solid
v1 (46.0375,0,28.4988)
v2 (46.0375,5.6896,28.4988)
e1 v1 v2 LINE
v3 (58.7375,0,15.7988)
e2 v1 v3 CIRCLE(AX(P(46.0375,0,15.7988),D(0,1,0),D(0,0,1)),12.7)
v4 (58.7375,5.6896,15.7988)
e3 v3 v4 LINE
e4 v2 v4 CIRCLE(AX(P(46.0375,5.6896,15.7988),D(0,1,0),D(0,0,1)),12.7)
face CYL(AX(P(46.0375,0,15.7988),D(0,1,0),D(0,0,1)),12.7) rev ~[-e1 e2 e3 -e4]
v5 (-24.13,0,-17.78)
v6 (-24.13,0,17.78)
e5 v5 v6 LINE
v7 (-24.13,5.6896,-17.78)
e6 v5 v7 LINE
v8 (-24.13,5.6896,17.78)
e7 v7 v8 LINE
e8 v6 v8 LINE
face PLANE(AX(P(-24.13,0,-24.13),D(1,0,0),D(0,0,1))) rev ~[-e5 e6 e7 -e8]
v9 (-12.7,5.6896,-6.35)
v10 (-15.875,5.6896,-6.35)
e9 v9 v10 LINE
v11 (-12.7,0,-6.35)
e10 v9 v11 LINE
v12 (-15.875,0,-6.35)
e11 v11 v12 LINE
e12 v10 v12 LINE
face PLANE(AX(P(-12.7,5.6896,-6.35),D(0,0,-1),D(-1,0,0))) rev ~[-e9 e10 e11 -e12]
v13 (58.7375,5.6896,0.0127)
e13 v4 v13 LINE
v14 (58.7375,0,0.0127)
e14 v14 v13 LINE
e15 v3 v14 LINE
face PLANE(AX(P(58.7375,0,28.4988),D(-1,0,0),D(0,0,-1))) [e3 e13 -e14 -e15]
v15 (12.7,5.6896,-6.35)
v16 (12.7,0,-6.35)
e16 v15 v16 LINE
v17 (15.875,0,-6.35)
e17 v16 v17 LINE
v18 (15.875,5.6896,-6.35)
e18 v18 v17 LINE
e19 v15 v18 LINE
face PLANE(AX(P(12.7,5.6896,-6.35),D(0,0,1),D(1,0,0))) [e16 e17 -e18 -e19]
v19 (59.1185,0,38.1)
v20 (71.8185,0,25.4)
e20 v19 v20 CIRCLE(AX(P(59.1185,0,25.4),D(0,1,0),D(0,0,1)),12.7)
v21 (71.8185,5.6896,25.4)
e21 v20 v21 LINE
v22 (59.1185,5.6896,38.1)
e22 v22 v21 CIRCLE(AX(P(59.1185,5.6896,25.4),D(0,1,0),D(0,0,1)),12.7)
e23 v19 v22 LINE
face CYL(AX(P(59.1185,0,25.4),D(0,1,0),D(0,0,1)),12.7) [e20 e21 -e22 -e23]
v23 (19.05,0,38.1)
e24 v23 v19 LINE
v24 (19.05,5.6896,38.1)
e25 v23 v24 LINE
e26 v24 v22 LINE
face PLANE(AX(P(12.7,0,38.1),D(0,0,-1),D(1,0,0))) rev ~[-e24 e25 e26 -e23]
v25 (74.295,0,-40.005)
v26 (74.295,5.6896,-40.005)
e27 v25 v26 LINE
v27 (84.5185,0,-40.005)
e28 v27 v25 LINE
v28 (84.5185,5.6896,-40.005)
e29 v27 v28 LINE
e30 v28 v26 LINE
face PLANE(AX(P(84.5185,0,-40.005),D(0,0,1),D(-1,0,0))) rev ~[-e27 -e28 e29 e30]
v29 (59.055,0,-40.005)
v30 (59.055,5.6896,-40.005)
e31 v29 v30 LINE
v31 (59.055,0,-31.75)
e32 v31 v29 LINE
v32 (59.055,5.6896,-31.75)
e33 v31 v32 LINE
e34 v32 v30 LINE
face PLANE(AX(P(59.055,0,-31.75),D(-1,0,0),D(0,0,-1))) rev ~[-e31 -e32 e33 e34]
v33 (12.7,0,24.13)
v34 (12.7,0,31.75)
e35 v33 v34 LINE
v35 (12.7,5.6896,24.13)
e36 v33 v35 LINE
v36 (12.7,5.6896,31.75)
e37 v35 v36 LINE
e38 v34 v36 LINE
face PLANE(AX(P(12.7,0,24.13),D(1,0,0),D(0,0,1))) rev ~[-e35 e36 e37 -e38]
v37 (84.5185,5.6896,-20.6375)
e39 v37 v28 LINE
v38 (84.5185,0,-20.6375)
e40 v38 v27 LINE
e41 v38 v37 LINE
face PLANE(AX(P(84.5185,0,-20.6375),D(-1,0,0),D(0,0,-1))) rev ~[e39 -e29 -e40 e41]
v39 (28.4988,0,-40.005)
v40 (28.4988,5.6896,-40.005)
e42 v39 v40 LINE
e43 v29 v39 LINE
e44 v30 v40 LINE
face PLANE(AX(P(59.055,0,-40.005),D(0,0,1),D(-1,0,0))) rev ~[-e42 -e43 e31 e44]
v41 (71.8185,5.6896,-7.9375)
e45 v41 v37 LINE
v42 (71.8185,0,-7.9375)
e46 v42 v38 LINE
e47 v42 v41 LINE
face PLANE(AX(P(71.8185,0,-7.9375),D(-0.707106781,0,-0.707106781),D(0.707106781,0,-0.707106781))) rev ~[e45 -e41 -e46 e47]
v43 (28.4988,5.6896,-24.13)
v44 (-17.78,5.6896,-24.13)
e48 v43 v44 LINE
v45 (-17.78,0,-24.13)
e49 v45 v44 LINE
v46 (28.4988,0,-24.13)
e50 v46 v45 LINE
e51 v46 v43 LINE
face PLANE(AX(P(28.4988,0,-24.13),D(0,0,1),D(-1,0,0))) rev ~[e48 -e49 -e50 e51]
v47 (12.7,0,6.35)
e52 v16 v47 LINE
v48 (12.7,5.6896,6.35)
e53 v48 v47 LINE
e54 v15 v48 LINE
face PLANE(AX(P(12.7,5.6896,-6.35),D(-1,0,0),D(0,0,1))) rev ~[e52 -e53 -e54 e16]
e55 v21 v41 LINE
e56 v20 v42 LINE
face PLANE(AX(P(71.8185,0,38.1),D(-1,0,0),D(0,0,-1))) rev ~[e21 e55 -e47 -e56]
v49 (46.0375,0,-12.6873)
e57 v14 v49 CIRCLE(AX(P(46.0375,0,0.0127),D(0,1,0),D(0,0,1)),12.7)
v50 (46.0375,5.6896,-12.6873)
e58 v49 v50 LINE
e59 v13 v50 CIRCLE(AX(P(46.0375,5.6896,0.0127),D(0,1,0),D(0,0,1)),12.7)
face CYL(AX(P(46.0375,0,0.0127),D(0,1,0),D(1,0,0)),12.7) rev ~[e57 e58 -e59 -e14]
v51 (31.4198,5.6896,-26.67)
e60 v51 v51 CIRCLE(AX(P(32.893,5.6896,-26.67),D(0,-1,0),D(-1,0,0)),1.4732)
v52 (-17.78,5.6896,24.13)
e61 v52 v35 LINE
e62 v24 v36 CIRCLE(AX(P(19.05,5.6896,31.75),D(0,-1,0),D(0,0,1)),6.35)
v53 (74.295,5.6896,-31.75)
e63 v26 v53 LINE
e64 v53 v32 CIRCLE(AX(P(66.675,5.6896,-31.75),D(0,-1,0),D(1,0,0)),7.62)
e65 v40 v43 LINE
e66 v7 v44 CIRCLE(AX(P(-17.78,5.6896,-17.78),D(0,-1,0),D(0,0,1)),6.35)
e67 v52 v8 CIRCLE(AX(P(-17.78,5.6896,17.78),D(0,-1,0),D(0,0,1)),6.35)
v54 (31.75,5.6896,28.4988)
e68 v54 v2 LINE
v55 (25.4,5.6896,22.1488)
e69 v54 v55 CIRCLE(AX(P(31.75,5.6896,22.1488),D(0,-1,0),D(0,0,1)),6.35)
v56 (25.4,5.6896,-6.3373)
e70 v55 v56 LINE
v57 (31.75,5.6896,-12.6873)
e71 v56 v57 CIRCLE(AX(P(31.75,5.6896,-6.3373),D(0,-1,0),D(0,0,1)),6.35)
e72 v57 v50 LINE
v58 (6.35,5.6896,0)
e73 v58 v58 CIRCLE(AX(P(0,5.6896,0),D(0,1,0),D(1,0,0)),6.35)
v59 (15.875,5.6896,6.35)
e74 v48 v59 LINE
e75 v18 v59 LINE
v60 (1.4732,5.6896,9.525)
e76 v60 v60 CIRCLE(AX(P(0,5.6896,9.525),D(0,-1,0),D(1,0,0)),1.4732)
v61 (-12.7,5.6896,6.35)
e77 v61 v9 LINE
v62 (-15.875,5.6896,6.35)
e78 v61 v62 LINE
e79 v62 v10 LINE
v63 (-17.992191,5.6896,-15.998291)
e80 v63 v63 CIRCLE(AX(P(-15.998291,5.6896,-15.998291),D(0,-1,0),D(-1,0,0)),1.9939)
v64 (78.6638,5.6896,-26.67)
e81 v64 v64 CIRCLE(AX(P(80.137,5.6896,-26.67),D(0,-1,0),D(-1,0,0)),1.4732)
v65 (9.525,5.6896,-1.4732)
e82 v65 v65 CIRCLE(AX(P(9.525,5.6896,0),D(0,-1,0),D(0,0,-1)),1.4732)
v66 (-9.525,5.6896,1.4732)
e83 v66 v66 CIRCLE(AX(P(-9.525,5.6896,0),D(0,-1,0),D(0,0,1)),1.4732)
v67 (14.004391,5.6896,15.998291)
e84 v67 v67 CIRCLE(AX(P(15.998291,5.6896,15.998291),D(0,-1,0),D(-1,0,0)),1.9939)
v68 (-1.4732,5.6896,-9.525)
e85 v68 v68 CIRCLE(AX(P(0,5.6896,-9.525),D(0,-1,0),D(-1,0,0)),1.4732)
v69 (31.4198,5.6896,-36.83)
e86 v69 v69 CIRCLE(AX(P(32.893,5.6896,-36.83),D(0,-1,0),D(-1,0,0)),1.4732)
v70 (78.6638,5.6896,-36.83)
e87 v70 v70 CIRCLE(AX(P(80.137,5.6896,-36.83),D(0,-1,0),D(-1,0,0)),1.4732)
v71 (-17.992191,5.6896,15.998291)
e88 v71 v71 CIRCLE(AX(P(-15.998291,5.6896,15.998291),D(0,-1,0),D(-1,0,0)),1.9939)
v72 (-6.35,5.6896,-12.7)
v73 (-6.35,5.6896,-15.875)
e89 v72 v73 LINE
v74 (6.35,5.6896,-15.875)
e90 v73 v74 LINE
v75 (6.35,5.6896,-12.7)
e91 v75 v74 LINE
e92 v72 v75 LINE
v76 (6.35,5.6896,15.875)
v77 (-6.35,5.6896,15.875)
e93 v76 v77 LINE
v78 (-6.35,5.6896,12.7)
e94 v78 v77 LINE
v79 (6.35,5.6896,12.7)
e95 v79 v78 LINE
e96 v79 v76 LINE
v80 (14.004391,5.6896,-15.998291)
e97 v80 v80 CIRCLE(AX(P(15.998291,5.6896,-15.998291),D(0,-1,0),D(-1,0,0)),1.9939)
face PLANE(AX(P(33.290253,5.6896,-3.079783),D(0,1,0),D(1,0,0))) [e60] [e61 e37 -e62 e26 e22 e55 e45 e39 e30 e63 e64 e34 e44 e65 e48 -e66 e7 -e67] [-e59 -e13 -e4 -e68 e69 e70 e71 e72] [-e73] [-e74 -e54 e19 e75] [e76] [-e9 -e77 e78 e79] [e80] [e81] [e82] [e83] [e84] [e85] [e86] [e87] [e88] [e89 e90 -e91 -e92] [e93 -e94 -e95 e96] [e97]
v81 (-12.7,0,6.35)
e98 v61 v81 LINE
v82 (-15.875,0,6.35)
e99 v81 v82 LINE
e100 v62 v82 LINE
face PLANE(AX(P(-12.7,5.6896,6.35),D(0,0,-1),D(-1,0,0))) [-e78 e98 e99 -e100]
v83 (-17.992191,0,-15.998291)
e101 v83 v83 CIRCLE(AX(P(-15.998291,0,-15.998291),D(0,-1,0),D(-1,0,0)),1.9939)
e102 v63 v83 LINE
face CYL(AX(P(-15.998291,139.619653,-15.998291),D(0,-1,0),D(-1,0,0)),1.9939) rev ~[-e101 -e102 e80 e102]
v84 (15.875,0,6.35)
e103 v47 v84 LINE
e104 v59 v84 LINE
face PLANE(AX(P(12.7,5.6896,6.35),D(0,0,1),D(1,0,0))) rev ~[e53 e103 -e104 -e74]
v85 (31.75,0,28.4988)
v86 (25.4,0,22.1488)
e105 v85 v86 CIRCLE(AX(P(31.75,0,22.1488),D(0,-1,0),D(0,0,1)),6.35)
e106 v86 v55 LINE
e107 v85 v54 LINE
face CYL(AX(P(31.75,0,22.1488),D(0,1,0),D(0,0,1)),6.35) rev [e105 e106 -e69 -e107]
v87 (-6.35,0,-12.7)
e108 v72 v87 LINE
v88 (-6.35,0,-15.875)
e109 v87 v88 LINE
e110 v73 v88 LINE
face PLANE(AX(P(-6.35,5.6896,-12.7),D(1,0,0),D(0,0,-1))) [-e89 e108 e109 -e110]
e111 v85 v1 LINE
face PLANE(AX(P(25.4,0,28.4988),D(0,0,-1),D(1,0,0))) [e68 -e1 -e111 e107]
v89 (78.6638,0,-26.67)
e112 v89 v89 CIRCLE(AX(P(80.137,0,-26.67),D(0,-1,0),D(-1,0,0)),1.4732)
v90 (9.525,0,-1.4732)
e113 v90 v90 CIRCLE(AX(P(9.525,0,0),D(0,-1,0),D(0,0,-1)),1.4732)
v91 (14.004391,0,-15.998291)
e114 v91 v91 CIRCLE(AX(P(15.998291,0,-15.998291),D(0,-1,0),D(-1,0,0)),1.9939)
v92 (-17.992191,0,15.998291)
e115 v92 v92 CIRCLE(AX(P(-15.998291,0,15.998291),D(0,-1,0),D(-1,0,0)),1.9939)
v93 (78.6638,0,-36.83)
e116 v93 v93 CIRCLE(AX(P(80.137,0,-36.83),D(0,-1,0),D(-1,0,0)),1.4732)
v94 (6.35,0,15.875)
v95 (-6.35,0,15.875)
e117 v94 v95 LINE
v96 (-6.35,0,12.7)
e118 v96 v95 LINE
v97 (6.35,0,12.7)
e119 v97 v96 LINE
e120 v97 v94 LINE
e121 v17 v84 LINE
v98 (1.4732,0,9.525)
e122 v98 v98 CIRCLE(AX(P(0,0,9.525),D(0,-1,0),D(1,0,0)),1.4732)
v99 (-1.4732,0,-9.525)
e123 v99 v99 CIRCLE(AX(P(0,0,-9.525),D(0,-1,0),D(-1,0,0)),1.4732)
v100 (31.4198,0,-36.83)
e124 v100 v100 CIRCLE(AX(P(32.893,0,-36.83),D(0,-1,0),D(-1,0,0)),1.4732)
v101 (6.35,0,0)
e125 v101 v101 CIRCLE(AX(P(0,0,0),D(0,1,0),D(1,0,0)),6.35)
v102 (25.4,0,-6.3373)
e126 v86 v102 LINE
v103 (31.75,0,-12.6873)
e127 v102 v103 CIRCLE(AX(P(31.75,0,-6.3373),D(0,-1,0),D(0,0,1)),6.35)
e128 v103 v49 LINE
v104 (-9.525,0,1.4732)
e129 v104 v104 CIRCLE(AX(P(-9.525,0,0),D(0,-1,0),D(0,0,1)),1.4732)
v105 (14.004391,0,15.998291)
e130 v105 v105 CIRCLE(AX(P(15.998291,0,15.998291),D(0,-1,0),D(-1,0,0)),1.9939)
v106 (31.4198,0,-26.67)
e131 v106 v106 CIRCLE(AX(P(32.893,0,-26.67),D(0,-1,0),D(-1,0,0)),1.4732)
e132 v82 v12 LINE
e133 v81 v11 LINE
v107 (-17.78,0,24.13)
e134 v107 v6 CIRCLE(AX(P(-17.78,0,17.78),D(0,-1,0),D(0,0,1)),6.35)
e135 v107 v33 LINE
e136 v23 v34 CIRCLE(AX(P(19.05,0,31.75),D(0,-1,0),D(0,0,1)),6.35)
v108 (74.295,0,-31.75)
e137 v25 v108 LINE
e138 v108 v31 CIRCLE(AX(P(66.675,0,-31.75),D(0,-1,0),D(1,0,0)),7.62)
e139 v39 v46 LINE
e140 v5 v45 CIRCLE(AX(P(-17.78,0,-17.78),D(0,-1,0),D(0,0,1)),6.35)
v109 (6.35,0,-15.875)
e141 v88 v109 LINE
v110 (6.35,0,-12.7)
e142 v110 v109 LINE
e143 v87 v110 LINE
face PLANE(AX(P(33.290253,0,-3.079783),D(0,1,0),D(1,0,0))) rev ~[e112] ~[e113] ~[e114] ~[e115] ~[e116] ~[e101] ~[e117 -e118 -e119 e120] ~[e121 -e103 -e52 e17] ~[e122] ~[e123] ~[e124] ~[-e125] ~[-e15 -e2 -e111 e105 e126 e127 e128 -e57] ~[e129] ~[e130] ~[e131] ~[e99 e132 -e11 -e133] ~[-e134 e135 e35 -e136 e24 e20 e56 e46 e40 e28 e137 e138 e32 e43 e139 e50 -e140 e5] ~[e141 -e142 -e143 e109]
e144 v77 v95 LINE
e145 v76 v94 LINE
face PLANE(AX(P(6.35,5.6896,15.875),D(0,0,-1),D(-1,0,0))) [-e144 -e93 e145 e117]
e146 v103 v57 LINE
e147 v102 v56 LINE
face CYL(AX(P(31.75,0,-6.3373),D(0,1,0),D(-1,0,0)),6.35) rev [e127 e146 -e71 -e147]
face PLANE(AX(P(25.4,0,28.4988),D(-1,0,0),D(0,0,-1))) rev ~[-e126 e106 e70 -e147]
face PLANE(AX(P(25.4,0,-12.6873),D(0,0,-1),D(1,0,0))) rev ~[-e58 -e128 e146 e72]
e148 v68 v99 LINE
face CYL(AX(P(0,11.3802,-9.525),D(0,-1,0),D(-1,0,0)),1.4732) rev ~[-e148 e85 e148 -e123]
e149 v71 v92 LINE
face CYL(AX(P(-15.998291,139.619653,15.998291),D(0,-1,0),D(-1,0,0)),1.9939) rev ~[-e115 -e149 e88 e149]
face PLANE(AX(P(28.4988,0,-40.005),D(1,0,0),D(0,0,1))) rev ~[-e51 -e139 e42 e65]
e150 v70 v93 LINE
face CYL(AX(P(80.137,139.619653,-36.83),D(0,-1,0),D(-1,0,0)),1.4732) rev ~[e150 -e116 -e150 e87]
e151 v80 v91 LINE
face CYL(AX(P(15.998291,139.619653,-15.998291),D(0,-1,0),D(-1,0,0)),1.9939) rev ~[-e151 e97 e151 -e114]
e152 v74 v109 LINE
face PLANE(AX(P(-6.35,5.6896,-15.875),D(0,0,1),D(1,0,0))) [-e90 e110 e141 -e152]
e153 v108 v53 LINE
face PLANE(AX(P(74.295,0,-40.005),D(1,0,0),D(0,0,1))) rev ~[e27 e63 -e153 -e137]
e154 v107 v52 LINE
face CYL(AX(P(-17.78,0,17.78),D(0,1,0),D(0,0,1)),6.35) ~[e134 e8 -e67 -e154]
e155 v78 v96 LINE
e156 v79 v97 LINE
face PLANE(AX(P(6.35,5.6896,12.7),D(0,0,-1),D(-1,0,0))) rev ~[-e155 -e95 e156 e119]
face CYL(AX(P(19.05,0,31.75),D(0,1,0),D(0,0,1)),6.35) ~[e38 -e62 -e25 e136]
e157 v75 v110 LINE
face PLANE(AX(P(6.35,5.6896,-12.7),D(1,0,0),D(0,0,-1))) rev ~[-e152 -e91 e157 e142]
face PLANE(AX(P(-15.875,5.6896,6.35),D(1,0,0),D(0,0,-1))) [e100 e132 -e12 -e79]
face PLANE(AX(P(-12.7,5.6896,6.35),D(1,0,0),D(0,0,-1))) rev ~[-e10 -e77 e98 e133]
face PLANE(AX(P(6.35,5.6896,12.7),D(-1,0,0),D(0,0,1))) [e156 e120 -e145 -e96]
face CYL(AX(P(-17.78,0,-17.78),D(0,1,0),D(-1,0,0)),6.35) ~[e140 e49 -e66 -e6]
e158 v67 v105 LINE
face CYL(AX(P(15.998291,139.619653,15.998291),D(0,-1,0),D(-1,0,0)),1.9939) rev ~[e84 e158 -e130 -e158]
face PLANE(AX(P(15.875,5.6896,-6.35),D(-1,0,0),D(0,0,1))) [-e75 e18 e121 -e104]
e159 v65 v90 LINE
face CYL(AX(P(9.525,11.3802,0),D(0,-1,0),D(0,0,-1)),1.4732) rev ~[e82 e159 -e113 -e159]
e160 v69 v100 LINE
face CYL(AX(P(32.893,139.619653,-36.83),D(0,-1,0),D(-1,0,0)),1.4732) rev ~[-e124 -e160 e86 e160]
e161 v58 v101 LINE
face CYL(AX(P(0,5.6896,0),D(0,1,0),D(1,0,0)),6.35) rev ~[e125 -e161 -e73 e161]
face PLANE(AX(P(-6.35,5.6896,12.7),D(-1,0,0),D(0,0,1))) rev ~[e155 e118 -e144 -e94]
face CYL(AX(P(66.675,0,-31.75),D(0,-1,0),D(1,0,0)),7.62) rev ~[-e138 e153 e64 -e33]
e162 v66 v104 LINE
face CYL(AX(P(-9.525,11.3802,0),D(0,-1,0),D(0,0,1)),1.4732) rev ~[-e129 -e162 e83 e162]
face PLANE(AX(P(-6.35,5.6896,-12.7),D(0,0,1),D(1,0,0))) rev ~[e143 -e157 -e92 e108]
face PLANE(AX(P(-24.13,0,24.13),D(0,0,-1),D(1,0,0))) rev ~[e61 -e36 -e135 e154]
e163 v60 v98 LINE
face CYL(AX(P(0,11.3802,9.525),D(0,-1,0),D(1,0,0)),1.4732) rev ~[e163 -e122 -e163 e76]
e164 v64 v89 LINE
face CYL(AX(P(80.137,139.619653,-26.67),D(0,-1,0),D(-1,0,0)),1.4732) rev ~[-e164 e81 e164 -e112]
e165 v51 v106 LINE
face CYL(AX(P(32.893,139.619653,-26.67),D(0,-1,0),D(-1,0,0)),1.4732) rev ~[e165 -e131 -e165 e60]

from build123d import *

# Parameters (mm, degrees)
SKETCH1_W                   = 33.3375
SKETCH1_H                   = 41.1861
BOSS_EXTRUDE1_DEPTH         = 5.6896
FILLET1_R                   = 12.7
FILLET2_R                   = 6.35
CUT_EXTRUDE3_REACH          = 7.69
SKETCH11_R                  = 6.35
SKETCH8_W                   = 12.7
SKETCH8_H                   = 3.175
CUT_EXTRUDE2_DEPTH          = 5.6896
F_4_CLEARANCE_HOLE3_D       = 2.9464
F_4_CLEARANCE_HOLE3_DEPTH   = 5.6906
CIRPATTERN1_COUNT           = 4
FILLET3_R                   = 12.7
F_4_CLEARANCE_HOLE4_D       = 2.9464
TAP_DRILL_FOR_4_HELICOIL1_D = 3.9878
FILLET4_R                   = 6.35


with BuildPart() as part:
    # Sketch1 → Boss-Extrude1 (new body)
    with BuildSketch(Plane(origin=(0, 0, 0), x_dir=(1, 0, 0), z_dir=(0, 1, 0))):
        with BuildLine():
            Line((28.4988, 40.005), (28.4988, 24.13))
            Line((28.4988, 24.13), (0, 24.13))
            Line((0, 24.13), (-24.13, 24.13))
            Line((-24.13, 24.13), (-24.13, 0))
            Line((-24.13, 0), (-24.13, -24.13))
            Line((-24.13, -24.13), (0, -24.13))
            Line((0, -24.13), (12.7, -24.13))
            Line((12.7, -24.13), (12.7, -38.1))
            Line((12.7, -38.1), (71.8185, -38.1))
            Line((71.8185, -38.1), (71.8185, 7.9375))
            Line((71.8185, 7.9375), (84.5185, 20.6375))
            Line((84.5185, 20.6375), (84.5185, 40.005))
            Line((84.5185, 40.005), (74.295, 40.005))
            Line((74.295, 40.005), (74.295, 31.75))
            ThreePointArc((74.295, 31.75), (66.675, 24.13), (59.055, 31.75))
            Line((59.055, 31.75), (59.055, 40.005))
            Line((59.055, 40.005), (28.4988, 40.005))
        make_face()
        with Locations((42.06875, -7.90575)):
            Rectangle(SKETCH1_W, SKETCH1_H, mode=Mode.SUBTRACT)
    extrude(amount=BOSS_EXTRUDE1_DEPTH)

    # Fillet1
    fillet1_edges = [part.edges().sort_by_distance(p)[0] for p in [
        (58.7375, 2.8448, 28.4988),
        (58.7375, 2.8448, -12.6873),
    ]]
    fillet(fillet1_edges, radius=FILLET1_R)

    # Fillet2
    fillet2_edges = [part.edges().sort_by_distance(p)[0] for p in [
        (25.4, 2.8448, -12.6873),
        (25.4, 2.8448, 28.4988),
    ]]
    fillet(fillet2_edges, radius=FILLET2_R)

    # Sketch11 → Cut-Extrude3 (cut, up to next)
    with BuildSketch(Plane(origin=(0, 5.6896, 0), x_dir=(1, 0, 0), z_dir=(0, 1, 0)), mode=Mode.PRIVATE) as cut_extrude3_sk1:
        Circle(SKETCH11_R)
    cut_extrude3_tool1 = extrude(cut_extrude3_sk1.sketch, amount=-CUT_EXTRUDE3_REACH, mode=Mode.PRIVATE) & part.part
    add(cut_extrude3_tool1.solids().sort_by_distance((0, 5.6896, 0))[0], mode=Mode.SUBTRACT)

    # Sketch8 → Cut-Extrude2 (cut)
    with BuildSketch(Plane(origin=(0, 5.6896, 0), x_dir=(1, 0, 0), z_dir=(0, 1, 0))):
        with Locations((0, 14.2875)):
            Rectangle(SKETCH8_W, SKETCH8_H)
    cut_extrude2 = extrude(amount=-CUT_EXTRUDE2_DEPTH, mode=Mode.SUBTRACT)

    # #4 Clearance Hole3
    with Locations(Plane(origin=(0, 5.6896, 0), x_dir=(1, 0, 0), z_dir=(0, 1, 0))):
        with Locations((0, 9.525)):
            f_4_clearance_hole3 = Hole(F_4_CLEARANCE_HOLE3_D / 2, depth=F_4_CLEARANCE_HOLE3_DEPTH)

    # CirPattern1: Cut-Extrude2, #4 Clearance Hole3 ×4 about axis
    cirpattern1_axis = Axis((0, 0, 0), (0, 1, 0))
    for i in range(1, CIRPATTERN1_COUNT):
        add(cut_extrude2.rotate(cirpattern1_axis, i * 360 / CIRPATTERN1_COUNT), mode=Mode.SUBTRACT)
        add(f_4_clearance_hole3.rotate(cirpattern1_axis, i * 360 / CIRPATTERN1_COUNT), mode=Mode.SUBTRACT)

    # Fillet3
    fillet3_edges = [part.edges().sort_by_distance(p)[0] for p in [
        (71.8185, 2.8448, 38.1),
    ]]
    fillet(fillet3_edges, radius=FILLET3_R)

    # #4 Clearance Hole4 (through all)
    with Locations(Plane(origin=(0, 5.6896, 0), x_dir=(1, 0, 0), z_dir=(0, 1, 0))):
        with Locations((32.893, 36.83), (80.137, 36.83), (80.137, 26.67), (32.893, 26.67)):
            Hole(F_4_CLEARANCE_HOLE4_D / 2)

    # Tap Drill for #4 Helicoil1 (through all)
    with Locations(Plane(origin=(0, 5.6896, 0), x_dir=(1, 0, 0), z_dir=(0, 1, 0))):
        with Locations((-15.998290924, 15.998290924), (15.998290924, -15.998290924), (15.998290924, 15.998290924), (-15.998290924, -15.998290924), (0, 0)):
            Hole(TAP_DRILL_FOR_4_HELICOIL1_D / 2)

    # Fillet4
    fillet4_edges = [part.edges().sort_by_distance(p)[0] for p in [
        (12.7, 2.8448, 38.1),
        (-24.13, 2.8448, 24.13),
        (-24.13, 2.8448, -24.13),
    ]]
    fillet(fillet4_edges, radius=FILLET4_R)


solid = part.part
